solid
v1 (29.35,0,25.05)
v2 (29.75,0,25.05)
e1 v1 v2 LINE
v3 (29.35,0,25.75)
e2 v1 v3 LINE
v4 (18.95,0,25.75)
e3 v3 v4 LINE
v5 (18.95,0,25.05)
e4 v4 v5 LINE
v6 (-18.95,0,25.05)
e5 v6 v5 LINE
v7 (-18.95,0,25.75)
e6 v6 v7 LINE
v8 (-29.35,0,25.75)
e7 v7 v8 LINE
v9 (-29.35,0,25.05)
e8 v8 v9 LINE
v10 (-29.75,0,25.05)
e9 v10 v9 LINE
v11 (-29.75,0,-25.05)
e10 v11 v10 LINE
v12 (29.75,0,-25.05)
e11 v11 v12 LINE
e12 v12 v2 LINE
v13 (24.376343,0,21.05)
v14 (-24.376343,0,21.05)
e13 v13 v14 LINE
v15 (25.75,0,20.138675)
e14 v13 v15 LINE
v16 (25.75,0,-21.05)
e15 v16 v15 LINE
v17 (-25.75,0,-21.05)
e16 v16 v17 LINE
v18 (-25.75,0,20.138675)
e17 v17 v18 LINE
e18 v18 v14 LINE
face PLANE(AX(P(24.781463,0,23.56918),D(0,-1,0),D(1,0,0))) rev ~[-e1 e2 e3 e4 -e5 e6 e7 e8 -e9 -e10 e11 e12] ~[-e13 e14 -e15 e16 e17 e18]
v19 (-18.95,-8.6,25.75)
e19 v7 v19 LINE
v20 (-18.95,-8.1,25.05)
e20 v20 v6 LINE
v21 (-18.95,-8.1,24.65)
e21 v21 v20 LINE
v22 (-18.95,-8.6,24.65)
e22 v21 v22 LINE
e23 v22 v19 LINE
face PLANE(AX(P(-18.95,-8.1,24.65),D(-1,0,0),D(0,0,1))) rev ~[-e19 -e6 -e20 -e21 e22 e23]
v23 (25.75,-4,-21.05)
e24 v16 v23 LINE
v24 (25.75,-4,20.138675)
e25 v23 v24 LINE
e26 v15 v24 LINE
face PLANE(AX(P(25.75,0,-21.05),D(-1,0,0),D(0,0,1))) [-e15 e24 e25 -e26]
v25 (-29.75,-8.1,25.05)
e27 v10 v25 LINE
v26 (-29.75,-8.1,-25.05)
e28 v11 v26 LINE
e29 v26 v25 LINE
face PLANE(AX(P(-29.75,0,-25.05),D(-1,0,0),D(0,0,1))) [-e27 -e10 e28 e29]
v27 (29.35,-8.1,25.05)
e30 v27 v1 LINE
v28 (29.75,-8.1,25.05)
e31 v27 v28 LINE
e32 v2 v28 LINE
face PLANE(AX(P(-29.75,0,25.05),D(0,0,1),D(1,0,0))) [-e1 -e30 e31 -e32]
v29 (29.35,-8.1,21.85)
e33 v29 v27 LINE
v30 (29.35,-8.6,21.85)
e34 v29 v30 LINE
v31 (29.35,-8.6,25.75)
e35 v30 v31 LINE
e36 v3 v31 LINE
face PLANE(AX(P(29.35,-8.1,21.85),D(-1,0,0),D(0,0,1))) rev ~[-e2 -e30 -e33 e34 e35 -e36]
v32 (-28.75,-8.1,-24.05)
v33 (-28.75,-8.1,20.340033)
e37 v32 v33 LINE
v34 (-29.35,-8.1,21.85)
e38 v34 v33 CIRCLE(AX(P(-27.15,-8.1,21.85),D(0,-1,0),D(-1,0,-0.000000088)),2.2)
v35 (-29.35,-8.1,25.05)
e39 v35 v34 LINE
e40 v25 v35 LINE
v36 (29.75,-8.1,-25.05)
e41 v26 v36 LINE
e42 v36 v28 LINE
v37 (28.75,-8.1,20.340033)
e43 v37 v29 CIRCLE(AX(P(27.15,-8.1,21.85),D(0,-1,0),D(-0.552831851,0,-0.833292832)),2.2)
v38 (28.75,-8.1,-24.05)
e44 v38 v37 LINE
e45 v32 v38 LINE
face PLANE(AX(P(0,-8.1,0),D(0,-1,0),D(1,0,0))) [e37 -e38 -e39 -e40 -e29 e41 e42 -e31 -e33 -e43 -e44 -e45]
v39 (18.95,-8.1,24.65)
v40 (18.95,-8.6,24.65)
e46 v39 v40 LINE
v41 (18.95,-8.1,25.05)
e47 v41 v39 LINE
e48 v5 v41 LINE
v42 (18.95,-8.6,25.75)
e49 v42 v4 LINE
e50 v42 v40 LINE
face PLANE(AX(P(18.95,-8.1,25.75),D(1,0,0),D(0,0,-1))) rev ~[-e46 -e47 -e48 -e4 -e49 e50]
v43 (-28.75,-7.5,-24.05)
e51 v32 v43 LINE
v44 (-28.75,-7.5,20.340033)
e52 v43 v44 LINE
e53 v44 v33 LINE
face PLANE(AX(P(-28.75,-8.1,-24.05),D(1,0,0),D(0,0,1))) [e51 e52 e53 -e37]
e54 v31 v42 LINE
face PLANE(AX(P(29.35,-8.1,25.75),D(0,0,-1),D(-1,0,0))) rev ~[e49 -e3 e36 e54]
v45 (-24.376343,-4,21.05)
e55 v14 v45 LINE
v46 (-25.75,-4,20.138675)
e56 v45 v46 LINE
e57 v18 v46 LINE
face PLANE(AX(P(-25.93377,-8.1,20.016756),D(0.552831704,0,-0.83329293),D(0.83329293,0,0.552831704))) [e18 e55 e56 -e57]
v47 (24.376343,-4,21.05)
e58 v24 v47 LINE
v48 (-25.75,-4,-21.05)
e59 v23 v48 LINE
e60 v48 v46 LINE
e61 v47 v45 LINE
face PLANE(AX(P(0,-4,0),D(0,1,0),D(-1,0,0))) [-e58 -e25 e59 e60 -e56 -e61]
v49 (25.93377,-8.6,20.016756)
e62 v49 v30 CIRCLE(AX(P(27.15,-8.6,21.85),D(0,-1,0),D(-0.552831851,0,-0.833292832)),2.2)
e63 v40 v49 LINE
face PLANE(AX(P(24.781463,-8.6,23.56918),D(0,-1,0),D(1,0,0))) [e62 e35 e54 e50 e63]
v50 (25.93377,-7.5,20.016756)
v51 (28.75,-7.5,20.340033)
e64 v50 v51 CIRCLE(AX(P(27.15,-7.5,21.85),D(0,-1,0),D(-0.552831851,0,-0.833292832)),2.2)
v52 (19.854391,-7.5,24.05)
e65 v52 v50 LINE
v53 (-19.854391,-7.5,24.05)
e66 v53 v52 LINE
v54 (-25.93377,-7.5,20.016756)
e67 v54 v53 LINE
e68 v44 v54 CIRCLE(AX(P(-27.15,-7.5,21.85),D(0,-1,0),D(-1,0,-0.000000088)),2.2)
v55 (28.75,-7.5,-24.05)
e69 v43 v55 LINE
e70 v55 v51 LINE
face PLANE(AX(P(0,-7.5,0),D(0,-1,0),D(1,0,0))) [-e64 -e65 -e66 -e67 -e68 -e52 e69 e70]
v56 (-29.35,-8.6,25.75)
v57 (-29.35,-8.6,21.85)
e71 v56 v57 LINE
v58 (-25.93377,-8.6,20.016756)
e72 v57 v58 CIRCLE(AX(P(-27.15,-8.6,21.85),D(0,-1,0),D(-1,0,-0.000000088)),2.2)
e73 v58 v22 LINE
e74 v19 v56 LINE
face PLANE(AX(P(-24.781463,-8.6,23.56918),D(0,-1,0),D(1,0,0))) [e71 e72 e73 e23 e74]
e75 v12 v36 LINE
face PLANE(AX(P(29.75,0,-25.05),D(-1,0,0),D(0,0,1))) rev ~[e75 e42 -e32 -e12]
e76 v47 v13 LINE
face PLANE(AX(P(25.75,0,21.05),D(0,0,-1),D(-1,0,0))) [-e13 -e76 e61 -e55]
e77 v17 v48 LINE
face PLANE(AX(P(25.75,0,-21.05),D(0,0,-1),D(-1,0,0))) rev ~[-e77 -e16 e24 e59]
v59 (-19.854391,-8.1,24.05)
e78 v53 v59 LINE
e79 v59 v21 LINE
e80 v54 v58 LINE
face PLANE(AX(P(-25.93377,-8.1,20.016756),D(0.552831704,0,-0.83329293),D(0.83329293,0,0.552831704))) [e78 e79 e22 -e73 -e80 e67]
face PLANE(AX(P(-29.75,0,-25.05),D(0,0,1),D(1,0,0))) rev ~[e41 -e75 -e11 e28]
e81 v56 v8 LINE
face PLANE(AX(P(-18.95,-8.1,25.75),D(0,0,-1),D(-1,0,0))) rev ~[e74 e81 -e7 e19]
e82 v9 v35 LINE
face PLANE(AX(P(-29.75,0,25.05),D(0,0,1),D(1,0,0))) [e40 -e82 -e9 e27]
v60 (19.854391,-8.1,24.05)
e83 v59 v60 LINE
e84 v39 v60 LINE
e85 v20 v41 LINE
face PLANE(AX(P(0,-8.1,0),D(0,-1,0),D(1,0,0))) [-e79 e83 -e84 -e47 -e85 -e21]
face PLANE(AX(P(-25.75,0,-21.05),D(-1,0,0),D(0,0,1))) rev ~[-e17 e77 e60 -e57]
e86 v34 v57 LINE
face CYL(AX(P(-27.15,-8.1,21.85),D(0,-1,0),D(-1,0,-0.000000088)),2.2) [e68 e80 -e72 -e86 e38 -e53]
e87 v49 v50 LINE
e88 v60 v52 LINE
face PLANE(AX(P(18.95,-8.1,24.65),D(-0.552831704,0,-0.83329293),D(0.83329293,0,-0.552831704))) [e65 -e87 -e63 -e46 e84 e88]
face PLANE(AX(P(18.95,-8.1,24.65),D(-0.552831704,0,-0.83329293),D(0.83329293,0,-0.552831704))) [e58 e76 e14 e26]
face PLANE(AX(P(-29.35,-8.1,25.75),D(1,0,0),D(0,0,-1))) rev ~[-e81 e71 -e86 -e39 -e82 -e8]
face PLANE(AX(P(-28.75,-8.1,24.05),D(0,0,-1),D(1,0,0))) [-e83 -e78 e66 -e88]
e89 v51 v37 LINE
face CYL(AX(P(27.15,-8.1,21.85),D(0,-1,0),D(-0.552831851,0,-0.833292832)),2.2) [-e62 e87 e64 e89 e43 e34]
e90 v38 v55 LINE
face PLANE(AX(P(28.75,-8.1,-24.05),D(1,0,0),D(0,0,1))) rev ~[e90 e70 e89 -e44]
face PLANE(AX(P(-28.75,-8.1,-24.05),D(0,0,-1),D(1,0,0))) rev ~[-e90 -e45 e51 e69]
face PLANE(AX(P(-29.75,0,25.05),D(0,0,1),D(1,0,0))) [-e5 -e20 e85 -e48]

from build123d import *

# Parameters (mm, degrees)
F0_W          = 59.5
F0_H          = 50.1
F1_DEPTH      = 8.1
F2_W          = 57.5
F2_H          = 48.1
F3_DEPTH      = 0.6
F4_W          = 51.5
F4_H          = 42.1
F5_DEPTH      = 4
F7_DEPTH      = 0.5
F7_DEPTH_BACK = 8.1


with BuildPart() as f1:
    # F0 (on Front) → F1 (new body)
    with BuildSketch(Plane.XZ):
        Rectangle(F0_W, F0_H)
    extrude(amount=F1_DEPTH)

    # F2 (on face) → F3 (cut)
    with BuildSketch(Plane.XZ.offset(8.1)):
        Rectangle(F2_W, F2_H)
    extrude(amount=-F3_DEPTH, mode=Mode.SUBTRACT)

    # F4 (on face) → F5 (cut)
    with BuildSketch(Plane(origin=(0, 0, 0), x_dir=(-1, 0, 0), z_dir=(0, 1, 0))):
        Rectangle(F4_W, F4_H)
    extrude(amount=-F5_DEPTH, mode=Mode.SUBTRACT)

    # F6 (on face) → F7 (join, two sides)
    with BuildSketch(Plane.XZ.offset(8.1)) as f7_sk:
        with BuildLine():
            ThreePointArc((25.93377, 20.016756), (28.190263, 19.911482), (29.35, 21.85))
            Line((29.35, 21.85), (29.35, 25.75))
            Line((29.35, 25.75), (18.95, 25.75))
            Line((18.95, 25.75), (18.95, 24.65))
            Line((18.95, 24.65), (25.93377, 20.016756))
        make_face()
        with BuildLine():
            Line((-18.95, 24.65), (-18.95, 25.75))
            Line((-18.95, 25.75), (-29.35, 25.75))
            Line((-29.35, 25.75), (-29.35, 21.85))
            ThreePointArc((-29.35, 21.85), (-28.190263, 19.911482), (-25.93377, 20.016756))
            Line((-25.93377, 20.016756), (-18.95, 24.65))
        make_face()
    extrude(amount=F7_DEPTH)
    extrude(f7_sk.sketch, amount=-F7_DEPTH_BACK)


solid = f1.part
